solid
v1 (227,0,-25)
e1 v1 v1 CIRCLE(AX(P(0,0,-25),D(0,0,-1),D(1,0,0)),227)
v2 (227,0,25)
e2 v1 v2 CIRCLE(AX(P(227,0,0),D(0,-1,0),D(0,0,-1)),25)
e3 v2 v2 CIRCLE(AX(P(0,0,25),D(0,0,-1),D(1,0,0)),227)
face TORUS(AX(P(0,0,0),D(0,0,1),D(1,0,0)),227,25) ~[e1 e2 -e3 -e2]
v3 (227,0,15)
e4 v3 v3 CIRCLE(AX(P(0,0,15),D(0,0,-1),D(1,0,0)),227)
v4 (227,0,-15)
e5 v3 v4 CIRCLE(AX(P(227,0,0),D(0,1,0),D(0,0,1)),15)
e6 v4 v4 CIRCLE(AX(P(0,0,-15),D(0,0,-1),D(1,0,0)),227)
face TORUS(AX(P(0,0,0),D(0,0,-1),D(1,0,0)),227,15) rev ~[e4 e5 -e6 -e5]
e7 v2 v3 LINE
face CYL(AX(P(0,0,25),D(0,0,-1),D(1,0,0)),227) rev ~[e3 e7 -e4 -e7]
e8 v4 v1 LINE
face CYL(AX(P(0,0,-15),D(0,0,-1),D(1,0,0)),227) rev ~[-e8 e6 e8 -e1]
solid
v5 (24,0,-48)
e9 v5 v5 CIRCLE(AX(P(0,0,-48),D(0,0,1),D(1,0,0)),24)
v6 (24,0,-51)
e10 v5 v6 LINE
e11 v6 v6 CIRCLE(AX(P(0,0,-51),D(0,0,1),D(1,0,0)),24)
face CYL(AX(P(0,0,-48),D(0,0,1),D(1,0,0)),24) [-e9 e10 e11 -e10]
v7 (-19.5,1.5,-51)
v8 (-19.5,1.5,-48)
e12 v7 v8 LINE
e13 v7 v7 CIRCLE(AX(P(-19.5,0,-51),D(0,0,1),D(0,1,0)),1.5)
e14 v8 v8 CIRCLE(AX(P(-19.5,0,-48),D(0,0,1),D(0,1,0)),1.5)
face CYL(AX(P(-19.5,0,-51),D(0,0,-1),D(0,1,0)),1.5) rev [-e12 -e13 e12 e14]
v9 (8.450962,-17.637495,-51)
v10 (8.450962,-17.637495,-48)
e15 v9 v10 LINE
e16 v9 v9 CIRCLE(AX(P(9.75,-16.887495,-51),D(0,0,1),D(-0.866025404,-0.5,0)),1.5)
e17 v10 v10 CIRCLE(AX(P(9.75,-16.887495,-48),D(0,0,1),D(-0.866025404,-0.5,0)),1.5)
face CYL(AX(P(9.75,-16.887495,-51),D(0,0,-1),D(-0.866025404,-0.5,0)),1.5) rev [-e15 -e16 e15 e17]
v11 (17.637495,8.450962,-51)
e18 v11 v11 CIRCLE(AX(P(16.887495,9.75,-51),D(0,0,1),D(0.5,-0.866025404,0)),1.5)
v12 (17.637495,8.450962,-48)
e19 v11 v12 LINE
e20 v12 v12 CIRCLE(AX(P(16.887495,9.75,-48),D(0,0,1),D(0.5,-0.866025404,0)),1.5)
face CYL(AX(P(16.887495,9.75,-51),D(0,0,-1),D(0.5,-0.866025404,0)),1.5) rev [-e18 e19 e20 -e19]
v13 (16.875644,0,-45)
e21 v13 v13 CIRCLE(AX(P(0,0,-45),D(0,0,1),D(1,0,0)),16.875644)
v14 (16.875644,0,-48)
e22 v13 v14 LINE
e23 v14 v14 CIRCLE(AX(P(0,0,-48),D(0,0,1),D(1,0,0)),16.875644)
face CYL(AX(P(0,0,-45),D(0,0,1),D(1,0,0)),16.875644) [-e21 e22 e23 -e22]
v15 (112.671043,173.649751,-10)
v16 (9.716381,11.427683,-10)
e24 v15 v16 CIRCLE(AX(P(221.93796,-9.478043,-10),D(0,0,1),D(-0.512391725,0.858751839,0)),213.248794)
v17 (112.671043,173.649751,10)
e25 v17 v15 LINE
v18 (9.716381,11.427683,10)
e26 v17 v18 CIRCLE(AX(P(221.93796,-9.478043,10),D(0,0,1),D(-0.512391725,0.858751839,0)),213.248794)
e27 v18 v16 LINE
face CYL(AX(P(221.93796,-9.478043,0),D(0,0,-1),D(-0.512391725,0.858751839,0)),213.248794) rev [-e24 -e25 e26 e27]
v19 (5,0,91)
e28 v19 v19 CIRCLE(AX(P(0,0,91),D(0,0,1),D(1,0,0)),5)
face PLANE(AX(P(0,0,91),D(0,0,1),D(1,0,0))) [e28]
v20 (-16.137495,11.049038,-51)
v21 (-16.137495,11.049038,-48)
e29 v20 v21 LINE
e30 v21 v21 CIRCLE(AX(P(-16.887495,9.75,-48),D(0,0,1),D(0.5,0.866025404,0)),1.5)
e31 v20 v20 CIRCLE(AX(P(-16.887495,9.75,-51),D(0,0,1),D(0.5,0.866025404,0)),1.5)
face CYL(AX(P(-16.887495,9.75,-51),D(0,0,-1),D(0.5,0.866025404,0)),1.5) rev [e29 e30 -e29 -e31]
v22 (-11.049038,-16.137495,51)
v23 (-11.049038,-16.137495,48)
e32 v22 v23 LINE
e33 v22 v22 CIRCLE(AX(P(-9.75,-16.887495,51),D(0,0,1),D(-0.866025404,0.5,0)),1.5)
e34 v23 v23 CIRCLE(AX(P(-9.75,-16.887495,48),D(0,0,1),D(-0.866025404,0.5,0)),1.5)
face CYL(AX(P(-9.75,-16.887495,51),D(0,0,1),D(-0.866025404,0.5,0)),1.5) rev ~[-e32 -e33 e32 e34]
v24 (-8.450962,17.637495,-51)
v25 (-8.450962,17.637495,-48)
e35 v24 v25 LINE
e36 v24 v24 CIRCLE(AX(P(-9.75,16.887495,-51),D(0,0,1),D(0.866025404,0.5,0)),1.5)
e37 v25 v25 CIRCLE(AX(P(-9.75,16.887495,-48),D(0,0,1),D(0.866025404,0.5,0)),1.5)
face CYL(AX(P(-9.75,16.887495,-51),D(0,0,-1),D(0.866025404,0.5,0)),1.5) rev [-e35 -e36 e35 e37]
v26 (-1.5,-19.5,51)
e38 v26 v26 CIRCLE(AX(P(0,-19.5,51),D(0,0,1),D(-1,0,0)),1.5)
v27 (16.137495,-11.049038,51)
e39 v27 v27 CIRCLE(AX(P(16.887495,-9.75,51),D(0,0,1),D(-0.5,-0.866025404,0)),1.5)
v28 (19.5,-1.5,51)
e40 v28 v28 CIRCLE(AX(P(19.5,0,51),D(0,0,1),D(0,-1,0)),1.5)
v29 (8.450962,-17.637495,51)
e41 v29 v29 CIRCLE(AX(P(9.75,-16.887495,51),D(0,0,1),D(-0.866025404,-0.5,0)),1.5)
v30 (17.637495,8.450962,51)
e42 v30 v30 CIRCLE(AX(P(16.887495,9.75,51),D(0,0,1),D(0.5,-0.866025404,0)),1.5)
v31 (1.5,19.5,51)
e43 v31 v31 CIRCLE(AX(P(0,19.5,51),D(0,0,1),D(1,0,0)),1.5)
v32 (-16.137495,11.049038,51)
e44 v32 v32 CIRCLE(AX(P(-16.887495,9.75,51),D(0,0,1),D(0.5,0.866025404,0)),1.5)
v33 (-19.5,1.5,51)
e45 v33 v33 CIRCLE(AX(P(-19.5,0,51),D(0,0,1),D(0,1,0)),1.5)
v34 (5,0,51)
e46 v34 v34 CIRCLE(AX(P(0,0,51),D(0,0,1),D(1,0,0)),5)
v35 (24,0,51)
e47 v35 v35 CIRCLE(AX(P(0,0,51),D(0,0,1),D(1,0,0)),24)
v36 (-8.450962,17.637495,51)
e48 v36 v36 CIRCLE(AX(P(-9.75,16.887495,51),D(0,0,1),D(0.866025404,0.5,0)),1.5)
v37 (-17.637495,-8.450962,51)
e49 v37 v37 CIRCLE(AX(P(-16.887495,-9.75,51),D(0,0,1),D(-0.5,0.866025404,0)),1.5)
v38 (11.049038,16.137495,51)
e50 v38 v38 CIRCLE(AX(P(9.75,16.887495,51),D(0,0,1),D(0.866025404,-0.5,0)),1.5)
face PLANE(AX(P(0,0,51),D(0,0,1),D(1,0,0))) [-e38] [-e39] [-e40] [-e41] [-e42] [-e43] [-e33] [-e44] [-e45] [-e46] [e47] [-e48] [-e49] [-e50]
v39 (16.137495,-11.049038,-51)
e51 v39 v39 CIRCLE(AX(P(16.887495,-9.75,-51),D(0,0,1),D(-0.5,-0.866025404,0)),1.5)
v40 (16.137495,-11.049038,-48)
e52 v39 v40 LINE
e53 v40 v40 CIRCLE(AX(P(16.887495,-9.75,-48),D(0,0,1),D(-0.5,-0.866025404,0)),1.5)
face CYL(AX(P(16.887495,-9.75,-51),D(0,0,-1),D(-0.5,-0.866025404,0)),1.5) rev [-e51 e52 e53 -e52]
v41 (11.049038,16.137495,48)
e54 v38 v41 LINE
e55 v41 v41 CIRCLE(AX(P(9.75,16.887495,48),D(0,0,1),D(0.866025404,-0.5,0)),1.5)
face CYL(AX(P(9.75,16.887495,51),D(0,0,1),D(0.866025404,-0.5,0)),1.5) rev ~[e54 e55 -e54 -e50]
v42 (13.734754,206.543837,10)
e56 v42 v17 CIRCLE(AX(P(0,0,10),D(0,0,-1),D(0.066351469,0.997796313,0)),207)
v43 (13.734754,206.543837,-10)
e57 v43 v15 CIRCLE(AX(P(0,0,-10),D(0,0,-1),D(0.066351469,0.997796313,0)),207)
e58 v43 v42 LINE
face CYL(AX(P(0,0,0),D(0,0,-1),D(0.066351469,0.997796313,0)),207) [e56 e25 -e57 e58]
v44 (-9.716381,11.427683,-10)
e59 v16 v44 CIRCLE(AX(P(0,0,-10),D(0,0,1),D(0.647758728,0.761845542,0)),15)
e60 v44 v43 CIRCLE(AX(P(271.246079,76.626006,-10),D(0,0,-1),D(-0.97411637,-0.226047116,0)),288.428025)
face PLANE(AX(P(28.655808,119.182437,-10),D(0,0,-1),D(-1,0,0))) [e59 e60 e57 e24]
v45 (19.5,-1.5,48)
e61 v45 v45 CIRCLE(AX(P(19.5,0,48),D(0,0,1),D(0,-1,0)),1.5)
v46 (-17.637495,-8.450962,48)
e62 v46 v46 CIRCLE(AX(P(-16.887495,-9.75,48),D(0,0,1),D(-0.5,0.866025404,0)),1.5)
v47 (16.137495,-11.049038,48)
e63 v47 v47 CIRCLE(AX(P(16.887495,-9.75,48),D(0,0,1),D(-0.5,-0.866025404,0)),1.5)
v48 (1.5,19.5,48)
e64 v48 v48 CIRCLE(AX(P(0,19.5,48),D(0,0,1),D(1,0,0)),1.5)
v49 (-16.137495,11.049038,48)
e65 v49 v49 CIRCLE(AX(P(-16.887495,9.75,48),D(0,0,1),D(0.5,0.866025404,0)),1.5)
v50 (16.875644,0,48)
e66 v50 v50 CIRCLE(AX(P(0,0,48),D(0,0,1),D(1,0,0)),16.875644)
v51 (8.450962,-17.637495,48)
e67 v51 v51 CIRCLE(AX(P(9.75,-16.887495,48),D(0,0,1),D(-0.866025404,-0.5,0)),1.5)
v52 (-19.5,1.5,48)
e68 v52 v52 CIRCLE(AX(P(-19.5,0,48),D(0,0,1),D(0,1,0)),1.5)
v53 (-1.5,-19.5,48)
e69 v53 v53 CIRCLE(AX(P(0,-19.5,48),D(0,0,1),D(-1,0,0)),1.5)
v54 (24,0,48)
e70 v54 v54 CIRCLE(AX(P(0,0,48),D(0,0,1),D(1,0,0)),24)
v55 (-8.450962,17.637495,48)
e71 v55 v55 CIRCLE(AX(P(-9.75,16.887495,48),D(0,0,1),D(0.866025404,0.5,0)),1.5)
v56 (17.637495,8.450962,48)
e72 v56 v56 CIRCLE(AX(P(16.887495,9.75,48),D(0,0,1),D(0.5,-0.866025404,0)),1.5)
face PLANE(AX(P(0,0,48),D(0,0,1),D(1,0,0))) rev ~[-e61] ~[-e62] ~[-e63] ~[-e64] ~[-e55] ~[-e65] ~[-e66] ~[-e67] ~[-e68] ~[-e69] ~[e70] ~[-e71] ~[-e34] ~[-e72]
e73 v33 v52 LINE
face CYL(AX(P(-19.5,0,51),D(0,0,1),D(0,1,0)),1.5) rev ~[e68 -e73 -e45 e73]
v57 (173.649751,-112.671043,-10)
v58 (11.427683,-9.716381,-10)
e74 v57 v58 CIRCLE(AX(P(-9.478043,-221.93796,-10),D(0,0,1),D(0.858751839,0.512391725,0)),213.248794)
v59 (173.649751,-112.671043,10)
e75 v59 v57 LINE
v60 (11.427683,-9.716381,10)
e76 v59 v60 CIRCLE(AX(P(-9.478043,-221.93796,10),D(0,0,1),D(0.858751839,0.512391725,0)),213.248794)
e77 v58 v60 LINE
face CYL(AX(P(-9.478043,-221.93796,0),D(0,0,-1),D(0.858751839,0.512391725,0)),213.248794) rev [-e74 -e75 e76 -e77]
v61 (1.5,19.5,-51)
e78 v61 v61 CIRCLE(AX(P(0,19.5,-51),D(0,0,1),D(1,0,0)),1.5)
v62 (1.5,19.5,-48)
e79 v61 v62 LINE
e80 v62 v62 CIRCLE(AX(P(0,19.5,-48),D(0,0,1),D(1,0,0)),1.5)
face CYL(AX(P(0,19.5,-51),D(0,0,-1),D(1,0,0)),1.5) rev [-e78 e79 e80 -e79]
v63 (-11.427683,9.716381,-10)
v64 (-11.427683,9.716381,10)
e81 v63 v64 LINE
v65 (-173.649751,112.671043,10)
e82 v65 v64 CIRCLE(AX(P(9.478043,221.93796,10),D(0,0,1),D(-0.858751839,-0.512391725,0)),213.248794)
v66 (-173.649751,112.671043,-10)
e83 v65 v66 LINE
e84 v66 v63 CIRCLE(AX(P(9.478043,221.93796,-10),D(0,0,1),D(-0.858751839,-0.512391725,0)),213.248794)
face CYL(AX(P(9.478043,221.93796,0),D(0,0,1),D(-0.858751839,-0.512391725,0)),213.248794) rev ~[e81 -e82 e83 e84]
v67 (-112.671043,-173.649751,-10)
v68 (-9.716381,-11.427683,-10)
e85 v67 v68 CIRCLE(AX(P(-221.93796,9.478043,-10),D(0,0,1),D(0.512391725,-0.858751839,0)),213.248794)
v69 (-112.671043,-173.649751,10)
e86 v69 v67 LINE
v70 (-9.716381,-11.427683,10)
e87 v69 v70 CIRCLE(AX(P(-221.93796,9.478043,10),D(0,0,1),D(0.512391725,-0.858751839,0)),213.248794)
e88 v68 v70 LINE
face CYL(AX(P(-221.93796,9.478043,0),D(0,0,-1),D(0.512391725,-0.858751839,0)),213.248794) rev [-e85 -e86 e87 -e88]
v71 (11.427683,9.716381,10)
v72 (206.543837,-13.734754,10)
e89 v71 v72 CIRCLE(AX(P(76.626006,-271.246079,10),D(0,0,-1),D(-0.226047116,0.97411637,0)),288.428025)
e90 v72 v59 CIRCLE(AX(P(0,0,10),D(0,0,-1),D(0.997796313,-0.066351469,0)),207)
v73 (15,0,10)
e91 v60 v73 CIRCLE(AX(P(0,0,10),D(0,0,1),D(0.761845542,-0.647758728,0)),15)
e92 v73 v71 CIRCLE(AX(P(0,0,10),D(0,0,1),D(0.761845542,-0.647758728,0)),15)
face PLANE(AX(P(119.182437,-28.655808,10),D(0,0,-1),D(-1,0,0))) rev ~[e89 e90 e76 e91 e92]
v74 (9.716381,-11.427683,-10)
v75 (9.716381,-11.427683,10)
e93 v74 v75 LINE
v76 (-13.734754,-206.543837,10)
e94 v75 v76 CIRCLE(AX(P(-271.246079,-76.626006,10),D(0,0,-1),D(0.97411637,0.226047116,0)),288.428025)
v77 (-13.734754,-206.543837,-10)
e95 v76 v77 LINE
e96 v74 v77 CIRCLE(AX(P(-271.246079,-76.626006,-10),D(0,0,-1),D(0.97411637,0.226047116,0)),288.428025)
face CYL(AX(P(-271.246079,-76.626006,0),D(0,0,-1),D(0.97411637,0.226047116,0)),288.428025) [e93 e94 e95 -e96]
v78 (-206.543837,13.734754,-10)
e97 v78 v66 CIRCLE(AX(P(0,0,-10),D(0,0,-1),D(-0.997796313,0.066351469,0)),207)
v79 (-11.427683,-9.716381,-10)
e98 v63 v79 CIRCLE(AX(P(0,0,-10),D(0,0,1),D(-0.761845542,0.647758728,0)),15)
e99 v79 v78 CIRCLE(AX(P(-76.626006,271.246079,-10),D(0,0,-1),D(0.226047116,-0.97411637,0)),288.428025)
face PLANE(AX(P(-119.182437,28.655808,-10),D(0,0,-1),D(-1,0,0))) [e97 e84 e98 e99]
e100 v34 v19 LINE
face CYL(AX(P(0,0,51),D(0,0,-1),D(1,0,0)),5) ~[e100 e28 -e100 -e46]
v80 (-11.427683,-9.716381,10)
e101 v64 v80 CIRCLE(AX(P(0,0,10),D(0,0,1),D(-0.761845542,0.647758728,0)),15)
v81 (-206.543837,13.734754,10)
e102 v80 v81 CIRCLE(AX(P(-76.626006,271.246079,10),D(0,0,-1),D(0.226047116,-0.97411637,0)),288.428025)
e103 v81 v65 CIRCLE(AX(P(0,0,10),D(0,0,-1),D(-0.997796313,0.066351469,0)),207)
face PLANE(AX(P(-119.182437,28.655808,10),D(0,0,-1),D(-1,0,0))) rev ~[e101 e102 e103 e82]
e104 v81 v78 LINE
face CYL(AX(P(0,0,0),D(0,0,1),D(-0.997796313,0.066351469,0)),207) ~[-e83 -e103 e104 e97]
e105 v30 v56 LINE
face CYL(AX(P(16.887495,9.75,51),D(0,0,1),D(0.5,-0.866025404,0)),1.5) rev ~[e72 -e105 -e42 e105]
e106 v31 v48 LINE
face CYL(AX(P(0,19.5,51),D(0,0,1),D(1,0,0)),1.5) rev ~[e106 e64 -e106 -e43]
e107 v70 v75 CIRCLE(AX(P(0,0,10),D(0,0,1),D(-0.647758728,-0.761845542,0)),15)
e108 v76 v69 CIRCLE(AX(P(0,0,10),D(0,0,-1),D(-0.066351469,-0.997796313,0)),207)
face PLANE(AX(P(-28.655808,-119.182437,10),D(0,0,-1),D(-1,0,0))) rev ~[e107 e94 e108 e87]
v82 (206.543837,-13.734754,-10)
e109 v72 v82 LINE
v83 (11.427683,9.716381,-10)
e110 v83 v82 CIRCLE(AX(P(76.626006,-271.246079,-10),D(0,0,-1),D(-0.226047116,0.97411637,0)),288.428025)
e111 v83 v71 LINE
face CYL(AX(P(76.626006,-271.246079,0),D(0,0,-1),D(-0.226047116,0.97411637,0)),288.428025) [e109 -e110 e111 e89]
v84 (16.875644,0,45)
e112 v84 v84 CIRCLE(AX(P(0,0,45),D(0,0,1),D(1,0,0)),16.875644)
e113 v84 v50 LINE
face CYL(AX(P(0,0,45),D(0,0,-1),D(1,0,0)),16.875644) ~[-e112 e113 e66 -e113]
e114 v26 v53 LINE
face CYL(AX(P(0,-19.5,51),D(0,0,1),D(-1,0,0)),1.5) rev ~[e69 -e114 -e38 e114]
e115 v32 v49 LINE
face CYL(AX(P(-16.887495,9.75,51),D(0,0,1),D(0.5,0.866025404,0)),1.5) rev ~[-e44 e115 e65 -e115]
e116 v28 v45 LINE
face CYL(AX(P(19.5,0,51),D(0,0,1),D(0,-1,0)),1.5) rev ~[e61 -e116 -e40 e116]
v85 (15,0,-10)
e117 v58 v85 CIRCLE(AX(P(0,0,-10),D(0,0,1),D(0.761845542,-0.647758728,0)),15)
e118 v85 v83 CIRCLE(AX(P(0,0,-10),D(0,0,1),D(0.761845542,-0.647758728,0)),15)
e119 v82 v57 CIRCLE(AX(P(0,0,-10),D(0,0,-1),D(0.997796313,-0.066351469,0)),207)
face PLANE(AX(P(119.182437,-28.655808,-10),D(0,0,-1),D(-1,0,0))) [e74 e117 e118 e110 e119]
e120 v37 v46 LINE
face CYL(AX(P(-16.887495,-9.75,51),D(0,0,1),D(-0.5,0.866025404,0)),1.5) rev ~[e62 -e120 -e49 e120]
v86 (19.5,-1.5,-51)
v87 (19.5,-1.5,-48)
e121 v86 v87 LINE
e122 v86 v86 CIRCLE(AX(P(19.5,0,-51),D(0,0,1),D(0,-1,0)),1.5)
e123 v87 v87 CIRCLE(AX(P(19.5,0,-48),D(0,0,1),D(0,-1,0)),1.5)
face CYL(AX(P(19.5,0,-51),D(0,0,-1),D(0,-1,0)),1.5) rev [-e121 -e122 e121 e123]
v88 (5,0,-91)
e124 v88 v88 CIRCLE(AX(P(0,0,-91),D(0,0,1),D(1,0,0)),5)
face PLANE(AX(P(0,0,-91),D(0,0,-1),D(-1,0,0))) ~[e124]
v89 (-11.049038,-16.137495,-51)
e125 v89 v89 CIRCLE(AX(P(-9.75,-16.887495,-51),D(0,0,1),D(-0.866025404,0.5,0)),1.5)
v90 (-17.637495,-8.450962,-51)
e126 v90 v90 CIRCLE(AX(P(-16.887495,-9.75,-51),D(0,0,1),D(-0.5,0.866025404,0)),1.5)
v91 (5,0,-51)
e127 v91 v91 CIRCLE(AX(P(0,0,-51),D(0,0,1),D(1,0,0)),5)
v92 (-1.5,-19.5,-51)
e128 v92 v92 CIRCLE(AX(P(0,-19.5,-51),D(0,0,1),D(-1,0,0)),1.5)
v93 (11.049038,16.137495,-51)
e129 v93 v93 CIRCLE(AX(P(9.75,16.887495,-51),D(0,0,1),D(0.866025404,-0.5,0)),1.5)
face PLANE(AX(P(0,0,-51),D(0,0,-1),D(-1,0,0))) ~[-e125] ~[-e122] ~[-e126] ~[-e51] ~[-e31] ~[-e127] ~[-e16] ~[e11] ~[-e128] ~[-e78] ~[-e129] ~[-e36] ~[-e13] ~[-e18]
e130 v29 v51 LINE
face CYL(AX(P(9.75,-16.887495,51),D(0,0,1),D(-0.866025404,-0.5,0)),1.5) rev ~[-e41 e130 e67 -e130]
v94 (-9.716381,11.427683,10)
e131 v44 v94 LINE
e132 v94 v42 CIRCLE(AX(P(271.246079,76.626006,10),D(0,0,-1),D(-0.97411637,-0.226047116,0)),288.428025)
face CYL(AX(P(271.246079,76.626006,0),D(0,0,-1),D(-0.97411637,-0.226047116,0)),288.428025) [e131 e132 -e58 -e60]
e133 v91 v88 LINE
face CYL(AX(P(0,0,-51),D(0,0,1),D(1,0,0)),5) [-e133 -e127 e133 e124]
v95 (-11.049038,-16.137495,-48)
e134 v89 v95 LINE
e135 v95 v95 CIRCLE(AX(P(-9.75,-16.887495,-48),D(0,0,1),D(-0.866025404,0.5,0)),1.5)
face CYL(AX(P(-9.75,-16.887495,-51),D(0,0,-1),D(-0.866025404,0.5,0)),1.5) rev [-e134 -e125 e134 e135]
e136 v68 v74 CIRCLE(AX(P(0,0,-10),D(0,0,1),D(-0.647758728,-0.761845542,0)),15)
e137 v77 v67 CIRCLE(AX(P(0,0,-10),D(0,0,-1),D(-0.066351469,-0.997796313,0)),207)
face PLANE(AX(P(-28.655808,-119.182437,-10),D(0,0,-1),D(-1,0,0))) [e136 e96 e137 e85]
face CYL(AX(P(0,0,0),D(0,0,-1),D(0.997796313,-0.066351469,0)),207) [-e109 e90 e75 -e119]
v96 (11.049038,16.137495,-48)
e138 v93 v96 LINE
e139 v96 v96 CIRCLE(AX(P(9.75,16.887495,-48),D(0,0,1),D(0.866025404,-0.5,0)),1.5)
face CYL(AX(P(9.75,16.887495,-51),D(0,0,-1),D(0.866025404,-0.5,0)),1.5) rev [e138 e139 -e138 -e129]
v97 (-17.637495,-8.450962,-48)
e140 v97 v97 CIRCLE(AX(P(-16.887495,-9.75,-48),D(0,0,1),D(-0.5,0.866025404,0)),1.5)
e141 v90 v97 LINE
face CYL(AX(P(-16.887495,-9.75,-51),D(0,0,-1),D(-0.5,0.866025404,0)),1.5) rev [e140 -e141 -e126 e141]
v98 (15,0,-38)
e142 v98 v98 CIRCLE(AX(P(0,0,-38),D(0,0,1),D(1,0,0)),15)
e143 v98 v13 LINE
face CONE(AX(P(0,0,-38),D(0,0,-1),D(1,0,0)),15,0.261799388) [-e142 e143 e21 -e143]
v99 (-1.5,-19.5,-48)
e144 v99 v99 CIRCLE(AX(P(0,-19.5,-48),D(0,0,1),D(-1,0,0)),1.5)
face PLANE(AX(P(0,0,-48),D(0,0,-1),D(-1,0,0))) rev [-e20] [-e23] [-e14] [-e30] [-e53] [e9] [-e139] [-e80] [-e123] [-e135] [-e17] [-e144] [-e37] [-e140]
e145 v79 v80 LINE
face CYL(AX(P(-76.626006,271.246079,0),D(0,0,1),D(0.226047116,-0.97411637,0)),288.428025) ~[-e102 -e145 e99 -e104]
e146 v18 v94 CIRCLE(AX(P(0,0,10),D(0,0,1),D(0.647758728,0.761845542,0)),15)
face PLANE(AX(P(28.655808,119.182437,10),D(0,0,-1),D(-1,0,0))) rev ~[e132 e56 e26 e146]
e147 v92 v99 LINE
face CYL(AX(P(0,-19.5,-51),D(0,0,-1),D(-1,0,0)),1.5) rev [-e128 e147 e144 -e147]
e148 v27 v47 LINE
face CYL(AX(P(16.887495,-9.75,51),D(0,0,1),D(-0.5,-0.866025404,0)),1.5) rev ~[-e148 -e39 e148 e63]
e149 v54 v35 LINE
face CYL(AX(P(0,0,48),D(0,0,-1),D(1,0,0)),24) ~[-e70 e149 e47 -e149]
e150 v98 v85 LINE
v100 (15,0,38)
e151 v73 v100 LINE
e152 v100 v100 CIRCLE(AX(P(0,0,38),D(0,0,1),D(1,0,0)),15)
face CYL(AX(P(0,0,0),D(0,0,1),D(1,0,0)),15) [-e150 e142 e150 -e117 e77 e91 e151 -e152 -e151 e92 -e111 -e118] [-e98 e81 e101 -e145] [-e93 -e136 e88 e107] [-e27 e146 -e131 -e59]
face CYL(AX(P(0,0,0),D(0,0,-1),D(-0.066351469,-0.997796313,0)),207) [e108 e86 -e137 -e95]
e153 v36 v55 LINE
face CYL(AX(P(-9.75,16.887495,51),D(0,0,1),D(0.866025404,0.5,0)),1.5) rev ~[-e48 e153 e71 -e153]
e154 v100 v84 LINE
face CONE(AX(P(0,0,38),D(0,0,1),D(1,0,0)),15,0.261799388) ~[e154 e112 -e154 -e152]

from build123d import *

# Parameters (mm, degrees)
SKETCH1_R           = 15
BOSS_EXTRUDE1_DEPTH = 38
SKETCH2_R           = 15
BOSS_EXTRUDE2_DEPTH = 7
BOSS_EXTRUDE2_DRAFT = -15
SKETCH3_R           = 16.875644347
BOSS_EXTRUDE3_DEPTH = 3
SKETCH4_R           = 24
BOSS_EXTRUDE4_DEPTH = 3
SKETCH5_R           = 1.5
CUT_EXTRUDE3_DEPTH  = 3
CIRPATTERN2_COUNT   = 12
SKETCH6_R           = 5
BOSS_EXTRUDE5_DEPTH = 40
BOSS_EXTRUDE7_DEPTH = 10


with BuildPart() as part:
    # Sketch1 → Boss-Extrude1 (new body)
    with BuildSketch(Plane.XY):
        Circle(SKETCH1_R)
    extrude(amount=BOSS_EXTRUDE1_DEPTH)


with BuildPart() as boss_extrude2_tool:
    # Sketch2 → Boss-Extrude2 (with draft: the straight prism first)
    with BuildSketch(Plane.XY.offset(38)):
        Circle(SKETCH2_R)
    extrude(amount=BOSS_EXTRUDE2_DEPTH)
    # Boss-Extrude2: the draft: its side faces are tilted about the plane it starts from
    boss_extrude2_sides = [boss_extrude2_tool.faces().sort_by_distance(p)[0] for p in [
        (-15, 0, 41.5),
    ]]
    draft(boss_extrude2_sides, Plane.XY.offset(38), BOSS_EXTRUDE2_DRAFT)


with BuildPart() as part_1:
    add(part.part)

    # Boss-Extrude2: add boss_extrude2_tool
    add(boss_extrude2_tool.part)

    # Sketch3 → Boss-Extrude3 (add)
    with BuildSketch(Plane.XY.offset(45)):
        Circle(SKETCH3_R)
    extrude(amount=BOSS_EXTRUDE3_DEPTH)

    # Sketch4 → Boss-Extrude4 (add)
    with BuildSketch(Plane.XY.offset(48)):
        Circle(SKETCH4_R)
    extrude(amount=BOSS_EXTRUDE4_DEPTH)

    # Sketch5 → Cut-Extrude3 (cut)
    with BuildSketch(Plane.XY.offset(51)):
        with Locations((0, 19.5)):
            Circle(SKETCH5_R)
    cut_extrude3 = extrude(amount=-CUT_EXTRUDE3_DEPTH, mode=Mode.SUBTRACT)

    # CirPattern2: Cut-Extrude3 ×12 about axis
    cirpattern2_axis = Axis((0, 0, 0), (0, 0, 1))
    for i in range(1, CIRPATTERN2_COUNT):
        add(cut_extrude3.rotate(cirpattern2_axis, i * 360 / CIRPATTERN2_COUNT), mode=Mode.SUBTRACT)

    # Mirror1: part across plane


with BuildPart() as part_2:
    add(part_1.part)
    add(part_1.part.mirror(Plane.XY))

    # Sketch6 → Boss-Extrude5 (add)
    with BuildSketch(Plane.XY.offset(51)):
        Circle(SKETCH6_R)
    extrude(amount=BOSS_EXTRUDE5_DEPTH)

    # Mirror2: part across plane


with BuildPart() as part_3:
    add(part_2.part)
    add(part_2.part.mirror(Plane.XY))

    # Sketch8 → Boss-Extrude7 (add, symmetric)
    with BuildSketch(Plane.XY):
        with BuildLine():
            ThreePointArc((13.734754013, 206.543836829), (65.30782189, 196.427819822), (112.671043027, 173.649751118))
            ThreePointArc((112.671043027, 173.649751118), (41.888763685, 104.790653332), (9.716380918, 11.427683136))
            ThreePointArc((9.716380918, 11.427683136), (0, 15), (-9.716380918, 11.427683136))
            ThreePointArc((-9.716380918, 11.427683136), (-15.120962757, 111.044643551), (13.734754013, 206.543836829))
        make_face()
        with BuildLine():
            ThreePointArc((11.427683136, 9.716380918), (111.044643551, 15.120962757), (206.543836829, -13.734754013))
            ThreePointArc((206.543836829, -13.734754013), (196.427819822, -65.30782189), (173.649751118, -112.671043027))
            ThreePointArc((173.649751118, -112.671043027), (104.790653332, -41.888763685), (11.427683136, -9.716380918))
            ThreePointArc((11.427683136, -9.716380918), (15, 0), (11.427683136, 9.716380918))
        make_face()
        with BuildLine():
            ThreePointArc((9.716380918, -11.427683136), (15.120962757, -111.044643551), (-13.734754013, -206.543836829))
            ThreePointArc((-13.734754013, -206.543836829), (-65.30782189, -196.427819822), (-112.671043027, -173.649751118))
            ThreePointArc((-112.671043027, -173.649751118), (-41.888763685, -104.790653332), (-9.716380918, -11.427683136))
            ThreePointArc((-9.716380918, -11.427683136), (0, -15), (9.716380918, -11.427683136))
        make_face()
        with BuildLine():
            ThreePointArc((-11.427683136, -9.716380918), (-111.044643551, -15.120962757), (-206.543836829, 13.734754013))
            ThreePointArc((-206.543836829, 13.734754013), (-196.427819822, 65.30782189), (-173.649751118, 112.671043027))
            ThreePointArc((-173.649751118, 112.671043027), (-104.790653332, 41.888763685), (-11.427683136, 9.716380918))
            ThreePointArc((-11.427683136, 9.716380918), (-15, 0), (-11.427683136, -9.716380918))
        make_face()
    extrude(amount=BOSS_EXTRUDE7_DEPTH, both=True)


with BuildPart() as body_2:
    # Sketch9 → Revolve-Thin1 (revolve)
    with BuildSketch(Plane(origin=(0, 0, 0), x_dir=(1, 0, 0), z_dir=(0, 1, 0))):
        with BuildLine():
            ThreePointArc((227, 25), (252, 0), (227, -25))
            Line((227, -25), (227, -15))
            ThreePointArc((227, -15), (242, 0), (227, 15))
            Line((227, 15), (227, 25))
        make_face()
    revolve(axis=Axis((0, 0, 38), (0, 0, -1)))


solid = Compound([part_3.part, body_2.part])
